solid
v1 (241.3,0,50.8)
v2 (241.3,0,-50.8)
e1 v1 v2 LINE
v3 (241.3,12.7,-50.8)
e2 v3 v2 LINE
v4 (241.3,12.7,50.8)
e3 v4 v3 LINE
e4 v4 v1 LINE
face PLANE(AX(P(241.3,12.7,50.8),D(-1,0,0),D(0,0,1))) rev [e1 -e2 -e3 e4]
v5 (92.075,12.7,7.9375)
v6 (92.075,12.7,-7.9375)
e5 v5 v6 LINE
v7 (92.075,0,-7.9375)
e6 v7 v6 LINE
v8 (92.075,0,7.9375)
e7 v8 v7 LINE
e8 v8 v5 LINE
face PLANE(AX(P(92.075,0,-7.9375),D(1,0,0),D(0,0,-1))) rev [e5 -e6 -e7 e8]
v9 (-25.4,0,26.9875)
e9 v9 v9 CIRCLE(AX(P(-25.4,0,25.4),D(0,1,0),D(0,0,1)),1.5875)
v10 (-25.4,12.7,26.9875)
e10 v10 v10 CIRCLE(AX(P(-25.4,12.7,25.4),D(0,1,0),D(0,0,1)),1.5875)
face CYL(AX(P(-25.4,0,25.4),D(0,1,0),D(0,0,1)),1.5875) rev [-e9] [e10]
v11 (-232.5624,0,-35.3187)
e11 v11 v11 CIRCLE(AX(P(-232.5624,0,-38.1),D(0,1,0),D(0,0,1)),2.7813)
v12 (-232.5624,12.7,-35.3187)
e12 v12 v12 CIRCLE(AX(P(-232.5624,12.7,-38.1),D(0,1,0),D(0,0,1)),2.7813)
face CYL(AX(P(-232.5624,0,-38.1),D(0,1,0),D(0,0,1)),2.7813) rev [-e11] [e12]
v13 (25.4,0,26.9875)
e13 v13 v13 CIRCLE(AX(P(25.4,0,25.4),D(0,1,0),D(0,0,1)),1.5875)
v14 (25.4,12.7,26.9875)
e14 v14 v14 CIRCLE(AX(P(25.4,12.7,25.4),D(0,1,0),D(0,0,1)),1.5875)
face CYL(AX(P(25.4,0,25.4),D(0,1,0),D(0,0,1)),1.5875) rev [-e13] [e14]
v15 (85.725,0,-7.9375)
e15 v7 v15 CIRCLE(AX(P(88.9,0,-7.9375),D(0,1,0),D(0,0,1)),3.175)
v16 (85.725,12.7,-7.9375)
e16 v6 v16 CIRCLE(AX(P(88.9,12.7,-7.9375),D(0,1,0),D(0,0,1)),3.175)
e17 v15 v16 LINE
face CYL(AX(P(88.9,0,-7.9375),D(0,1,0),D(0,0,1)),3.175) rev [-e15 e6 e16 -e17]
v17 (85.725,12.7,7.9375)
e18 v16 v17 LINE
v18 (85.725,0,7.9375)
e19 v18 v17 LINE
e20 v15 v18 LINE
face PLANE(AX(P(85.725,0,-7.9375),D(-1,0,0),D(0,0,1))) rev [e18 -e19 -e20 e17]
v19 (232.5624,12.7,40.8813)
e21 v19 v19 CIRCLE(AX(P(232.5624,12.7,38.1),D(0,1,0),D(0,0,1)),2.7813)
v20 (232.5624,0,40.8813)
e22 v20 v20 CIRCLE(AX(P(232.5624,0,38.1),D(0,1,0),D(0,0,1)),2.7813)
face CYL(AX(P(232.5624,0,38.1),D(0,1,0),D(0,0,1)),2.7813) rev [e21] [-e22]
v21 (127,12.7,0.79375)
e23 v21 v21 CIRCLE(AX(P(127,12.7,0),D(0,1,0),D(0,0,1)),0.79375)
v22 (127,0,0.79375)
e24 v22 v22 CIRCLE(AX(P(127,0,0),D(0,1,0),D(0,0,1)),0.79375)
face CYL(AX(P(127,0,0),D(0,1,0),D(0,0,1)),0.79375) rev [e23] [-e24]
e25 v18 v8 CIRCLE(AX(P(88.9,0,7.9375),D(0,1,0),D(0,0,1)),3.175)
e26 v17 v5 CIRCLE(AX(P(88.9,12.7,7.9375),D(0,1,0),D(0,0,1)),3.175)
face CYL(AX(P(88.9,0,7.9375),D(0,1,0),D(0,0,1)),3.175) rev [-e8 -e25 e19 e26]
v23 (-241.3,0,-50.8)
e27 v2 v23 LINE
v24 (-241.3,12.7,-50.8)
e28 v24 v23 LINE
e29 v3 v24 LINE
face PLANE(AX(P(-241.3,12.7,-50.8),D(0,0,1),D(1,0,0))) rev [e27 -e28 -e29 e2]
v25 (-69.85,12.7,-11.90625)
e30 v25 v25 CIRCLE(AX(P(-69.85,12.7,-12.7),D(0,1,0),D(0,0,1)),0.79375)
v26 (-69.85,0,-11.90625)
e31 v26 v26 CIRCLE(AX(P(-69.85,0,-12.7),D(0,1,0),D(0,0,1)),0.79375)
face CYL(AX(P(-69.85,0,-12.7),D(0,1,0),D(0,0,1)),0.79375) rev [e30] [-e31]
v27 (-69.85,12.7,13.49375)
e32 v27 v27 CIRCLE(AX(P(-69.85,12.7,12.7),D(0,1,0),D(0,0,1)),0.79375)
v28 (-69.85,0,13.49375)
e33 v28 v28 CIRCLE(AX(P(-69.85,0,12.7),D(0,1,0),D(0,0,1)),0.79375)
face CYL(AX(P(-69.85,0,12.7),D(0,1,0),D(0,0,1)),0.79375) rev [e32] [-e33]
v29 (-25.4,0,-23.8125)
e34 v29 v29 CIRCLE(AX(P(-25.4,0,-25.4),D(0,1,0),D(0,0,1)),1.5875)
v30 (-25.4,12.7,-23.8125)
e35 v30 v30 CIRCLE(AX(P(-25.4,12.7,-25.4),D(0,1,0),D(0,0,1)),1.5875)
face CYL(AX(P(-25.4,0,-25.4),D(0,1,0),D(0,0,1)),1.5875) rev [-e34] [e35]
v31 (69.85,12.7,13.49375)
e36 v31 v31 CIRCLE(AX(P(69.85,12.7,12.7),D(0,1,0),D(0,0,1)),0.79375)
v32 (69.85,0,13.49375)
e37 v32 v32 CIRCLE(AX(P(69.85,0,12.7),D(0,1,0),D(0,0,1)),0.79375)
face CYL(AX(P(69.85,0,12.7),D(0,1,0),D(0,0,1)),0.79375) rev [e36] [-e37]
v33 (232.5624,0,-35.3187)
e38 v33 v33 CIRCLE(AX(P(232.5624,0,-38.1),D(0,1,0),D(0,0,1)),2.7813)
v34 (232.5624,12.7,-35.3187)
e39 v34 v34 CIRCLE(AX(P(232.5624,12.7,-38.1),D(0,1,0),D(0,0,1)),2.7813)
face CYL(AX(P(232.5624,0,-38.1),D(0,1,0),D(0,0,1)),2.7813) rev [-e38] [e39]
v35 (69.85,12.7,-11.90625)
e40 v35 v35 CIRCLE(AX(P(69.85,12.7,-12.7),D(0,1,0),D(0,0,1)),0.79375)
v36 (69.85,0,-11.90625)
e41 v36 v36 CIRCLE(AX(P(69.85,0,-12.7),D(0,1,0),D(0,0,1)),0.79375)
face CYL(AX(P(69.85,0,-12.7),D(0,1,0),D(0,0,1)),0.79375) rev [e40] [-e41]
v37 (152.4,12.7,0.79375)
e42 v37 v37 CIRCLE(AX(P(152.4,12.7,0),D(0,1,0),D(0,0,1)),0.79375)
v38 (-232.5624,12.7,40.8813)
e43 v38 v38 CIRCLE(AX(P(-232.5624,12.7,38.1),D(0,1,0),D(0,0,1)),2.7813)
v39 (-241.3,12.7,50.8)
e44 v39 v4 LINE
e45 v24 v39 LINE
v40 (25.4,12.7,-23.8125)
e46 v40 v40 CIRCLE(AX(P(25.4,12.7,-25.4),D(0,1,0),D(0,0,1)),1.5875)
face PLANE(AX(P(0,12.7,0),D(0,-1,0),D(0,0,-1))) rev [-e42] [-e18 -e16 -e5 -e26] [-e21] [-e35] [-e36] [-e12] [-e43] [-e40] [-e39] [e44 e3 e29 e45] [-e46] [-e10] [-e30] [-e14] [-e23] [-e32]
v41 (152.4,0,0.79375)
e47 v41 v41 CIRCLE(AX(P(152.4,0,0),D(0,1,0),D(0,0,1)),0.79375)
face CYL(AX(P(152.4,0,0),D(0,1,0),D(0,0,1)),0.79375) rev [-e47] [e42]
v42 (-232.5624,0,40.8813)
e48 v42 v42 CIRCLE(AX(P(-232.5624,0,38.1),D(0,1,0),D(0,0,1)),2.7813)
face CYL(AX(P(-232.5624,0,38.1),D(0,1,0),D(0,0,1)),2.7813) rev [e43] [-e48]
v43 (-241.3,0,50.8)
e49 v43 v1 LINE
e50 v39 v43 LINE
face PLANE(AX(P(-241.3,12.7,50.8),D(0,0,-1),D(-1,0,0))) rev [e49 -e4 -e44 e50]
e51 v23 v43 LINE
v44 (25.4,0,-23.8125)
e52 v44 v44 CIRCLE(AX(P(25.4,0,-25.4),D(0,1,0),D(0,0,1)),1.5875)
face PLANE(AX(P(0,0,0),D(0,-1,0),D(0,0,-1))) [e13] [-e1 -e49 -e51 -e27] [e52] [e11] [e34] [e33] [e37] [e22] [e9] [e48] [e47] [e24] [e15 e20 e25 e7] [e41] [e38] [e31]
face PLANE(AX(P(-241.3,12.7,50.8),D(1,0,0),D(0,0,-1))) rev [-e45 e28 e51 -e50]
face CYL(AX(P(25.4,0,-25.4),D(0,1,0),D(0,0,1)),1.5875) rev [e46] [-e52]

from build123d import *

# Parameters (mm, degrees)
SKETCH1_W           = 482.6
SKETCH1_H           = 101.6
BOSS_EXTRUDE1_DEPTH = 12.7
SKETCH2_R           = 2.7813
CUT_EXTRUDE1_DEPTH  = 13.7
SKETCH3_R           = 1.5875
CUT_EXTRUDE2_DEPTH  = 13.7
SKETCH4_R           = 0.79375
CUT_EXTRUDE3_DEPTH  = 13.7
SKETCH5_R           = 0.79375
CUT_EXTRUDE4_DEPTH  = 13.7
CUT_EXTRUDE5_DEPTH  = 13.7


with BuildPart() as part:
    # Sketch1 → Boss-Extrude1 (new body)
    with BuildSketch(Plane(origin=(0, 0, 0), x_dir=(1, 0, 0), z_dir=(0, 1, 0))):
        Rectangle(SKETCH1_W, SKETCH1_H)
    extrude(amount=BOSS_EXTRUDE1_DEPTH)

    # Sketch2 → Cut-Extrude1 (cut, through all)
    with BuildSketch(Plane(origin=(0, 12.7, 0), x_dir=(1, 0, 0), z_dir=(0, 1, 0))):
        with Locations((-232.5624, 38.1)):
            Circle(SKETCH2_R)
        with Locations((-232.5624, -38.1)):
            Circle(SKETCH2_R)
        with Locations((232.5624, 38.1)):
            Circle(SKETCH2_R)
        with Locations((232.5624, -38.1)):
            Circle(SKETCH2_R)
    extrude(amount=-CUT_EXTRUDE1_DEPTH, mode=Mode.SUBTRACT)

    # Sketch3 → Cut-Extrude2 (cut, through all)
    with BuildSketch(Plane(origin=(0, 12.7, 0), x_dir=(1, 0, 0), z_dir=(0, 1, 0))):
        with Locations((-25.4, 25.4)):
            Circle(SKETCH3_R)
        with Locations((25.4, 25.4)):
            Circle(SKETCH3_R)
        with Locations((25.4, -25.4)):
            Circle(SKETCH3_R)
        with Locations((-25.4, -25.4)):
            Circle(SKETCH3_R)
    extrude(amount=-CUT_EXTRUDE2_DEPTH, mode=Mode.SUBTRACT)

    # Sketch4 → Cut-Extrude3 (cut, through all)
    with BuildSketch(Plane(origin=(0, 12.7, 0), x_dir=(1, 0, 0), z_dir=(0, 1, 0))):
        with Locations((-69.85, 12.7)):
            Circle(SKETCH4_R)
        with Locations((-69.85, -12.7)):
            Circle(SKETCH4_R)
        with Locations((69.85, -12.7)):
            Circle(SKETCH4_R)
        with Locations((69.85, 12.7)):
            Circle(SKETCH4_R)
    extrude(amount=-CUT_EXTRUDE3_DEPTH, mode=Mode.SUBTRACT)

    # Sketch5 → Cut-Extrude4 (cut, through all)
    with BuildSketch(Plane(origin=(0, 12.7, 0), x_dir=(1, 0, 0), z_dir=(0, 1, 0))):
        with Locations((127, 0)):
            Circle(SKETCH5_R)
        with Locations((152.4, 0)):
            Circle(SKETCH5_R)
    extrude(amount=-CUT_EXTRUDE4_DEPTH, mode=Mode.SUBTRACT)

    # Sketch6 → Cut-Extrude5 (cut, through all)
    with BuildSketch(Plane(origin=(0, 12.7, 0), x_dir=(1, 0, 0), z_dir=(0, 1, 0))):
        with BuildLine():
            Line((85.725, 7.9375), (85.725, -7.9375))
            ThreePointArc((85.725, -7.9375), (88.9, -11.1125), (92.075, -7.9375))
            Line((92.075, -7.9375), (92.075, 7.9375))
            ThreePointArc((92.075, 7.9375), (88.9, 11.1125), (85.725, 7.9375))
        make_face()
    extrude(amount=-CUT_EXTRUDE5_DEPTH, mode=Mode.SUBTRACT)


solid = part.part
